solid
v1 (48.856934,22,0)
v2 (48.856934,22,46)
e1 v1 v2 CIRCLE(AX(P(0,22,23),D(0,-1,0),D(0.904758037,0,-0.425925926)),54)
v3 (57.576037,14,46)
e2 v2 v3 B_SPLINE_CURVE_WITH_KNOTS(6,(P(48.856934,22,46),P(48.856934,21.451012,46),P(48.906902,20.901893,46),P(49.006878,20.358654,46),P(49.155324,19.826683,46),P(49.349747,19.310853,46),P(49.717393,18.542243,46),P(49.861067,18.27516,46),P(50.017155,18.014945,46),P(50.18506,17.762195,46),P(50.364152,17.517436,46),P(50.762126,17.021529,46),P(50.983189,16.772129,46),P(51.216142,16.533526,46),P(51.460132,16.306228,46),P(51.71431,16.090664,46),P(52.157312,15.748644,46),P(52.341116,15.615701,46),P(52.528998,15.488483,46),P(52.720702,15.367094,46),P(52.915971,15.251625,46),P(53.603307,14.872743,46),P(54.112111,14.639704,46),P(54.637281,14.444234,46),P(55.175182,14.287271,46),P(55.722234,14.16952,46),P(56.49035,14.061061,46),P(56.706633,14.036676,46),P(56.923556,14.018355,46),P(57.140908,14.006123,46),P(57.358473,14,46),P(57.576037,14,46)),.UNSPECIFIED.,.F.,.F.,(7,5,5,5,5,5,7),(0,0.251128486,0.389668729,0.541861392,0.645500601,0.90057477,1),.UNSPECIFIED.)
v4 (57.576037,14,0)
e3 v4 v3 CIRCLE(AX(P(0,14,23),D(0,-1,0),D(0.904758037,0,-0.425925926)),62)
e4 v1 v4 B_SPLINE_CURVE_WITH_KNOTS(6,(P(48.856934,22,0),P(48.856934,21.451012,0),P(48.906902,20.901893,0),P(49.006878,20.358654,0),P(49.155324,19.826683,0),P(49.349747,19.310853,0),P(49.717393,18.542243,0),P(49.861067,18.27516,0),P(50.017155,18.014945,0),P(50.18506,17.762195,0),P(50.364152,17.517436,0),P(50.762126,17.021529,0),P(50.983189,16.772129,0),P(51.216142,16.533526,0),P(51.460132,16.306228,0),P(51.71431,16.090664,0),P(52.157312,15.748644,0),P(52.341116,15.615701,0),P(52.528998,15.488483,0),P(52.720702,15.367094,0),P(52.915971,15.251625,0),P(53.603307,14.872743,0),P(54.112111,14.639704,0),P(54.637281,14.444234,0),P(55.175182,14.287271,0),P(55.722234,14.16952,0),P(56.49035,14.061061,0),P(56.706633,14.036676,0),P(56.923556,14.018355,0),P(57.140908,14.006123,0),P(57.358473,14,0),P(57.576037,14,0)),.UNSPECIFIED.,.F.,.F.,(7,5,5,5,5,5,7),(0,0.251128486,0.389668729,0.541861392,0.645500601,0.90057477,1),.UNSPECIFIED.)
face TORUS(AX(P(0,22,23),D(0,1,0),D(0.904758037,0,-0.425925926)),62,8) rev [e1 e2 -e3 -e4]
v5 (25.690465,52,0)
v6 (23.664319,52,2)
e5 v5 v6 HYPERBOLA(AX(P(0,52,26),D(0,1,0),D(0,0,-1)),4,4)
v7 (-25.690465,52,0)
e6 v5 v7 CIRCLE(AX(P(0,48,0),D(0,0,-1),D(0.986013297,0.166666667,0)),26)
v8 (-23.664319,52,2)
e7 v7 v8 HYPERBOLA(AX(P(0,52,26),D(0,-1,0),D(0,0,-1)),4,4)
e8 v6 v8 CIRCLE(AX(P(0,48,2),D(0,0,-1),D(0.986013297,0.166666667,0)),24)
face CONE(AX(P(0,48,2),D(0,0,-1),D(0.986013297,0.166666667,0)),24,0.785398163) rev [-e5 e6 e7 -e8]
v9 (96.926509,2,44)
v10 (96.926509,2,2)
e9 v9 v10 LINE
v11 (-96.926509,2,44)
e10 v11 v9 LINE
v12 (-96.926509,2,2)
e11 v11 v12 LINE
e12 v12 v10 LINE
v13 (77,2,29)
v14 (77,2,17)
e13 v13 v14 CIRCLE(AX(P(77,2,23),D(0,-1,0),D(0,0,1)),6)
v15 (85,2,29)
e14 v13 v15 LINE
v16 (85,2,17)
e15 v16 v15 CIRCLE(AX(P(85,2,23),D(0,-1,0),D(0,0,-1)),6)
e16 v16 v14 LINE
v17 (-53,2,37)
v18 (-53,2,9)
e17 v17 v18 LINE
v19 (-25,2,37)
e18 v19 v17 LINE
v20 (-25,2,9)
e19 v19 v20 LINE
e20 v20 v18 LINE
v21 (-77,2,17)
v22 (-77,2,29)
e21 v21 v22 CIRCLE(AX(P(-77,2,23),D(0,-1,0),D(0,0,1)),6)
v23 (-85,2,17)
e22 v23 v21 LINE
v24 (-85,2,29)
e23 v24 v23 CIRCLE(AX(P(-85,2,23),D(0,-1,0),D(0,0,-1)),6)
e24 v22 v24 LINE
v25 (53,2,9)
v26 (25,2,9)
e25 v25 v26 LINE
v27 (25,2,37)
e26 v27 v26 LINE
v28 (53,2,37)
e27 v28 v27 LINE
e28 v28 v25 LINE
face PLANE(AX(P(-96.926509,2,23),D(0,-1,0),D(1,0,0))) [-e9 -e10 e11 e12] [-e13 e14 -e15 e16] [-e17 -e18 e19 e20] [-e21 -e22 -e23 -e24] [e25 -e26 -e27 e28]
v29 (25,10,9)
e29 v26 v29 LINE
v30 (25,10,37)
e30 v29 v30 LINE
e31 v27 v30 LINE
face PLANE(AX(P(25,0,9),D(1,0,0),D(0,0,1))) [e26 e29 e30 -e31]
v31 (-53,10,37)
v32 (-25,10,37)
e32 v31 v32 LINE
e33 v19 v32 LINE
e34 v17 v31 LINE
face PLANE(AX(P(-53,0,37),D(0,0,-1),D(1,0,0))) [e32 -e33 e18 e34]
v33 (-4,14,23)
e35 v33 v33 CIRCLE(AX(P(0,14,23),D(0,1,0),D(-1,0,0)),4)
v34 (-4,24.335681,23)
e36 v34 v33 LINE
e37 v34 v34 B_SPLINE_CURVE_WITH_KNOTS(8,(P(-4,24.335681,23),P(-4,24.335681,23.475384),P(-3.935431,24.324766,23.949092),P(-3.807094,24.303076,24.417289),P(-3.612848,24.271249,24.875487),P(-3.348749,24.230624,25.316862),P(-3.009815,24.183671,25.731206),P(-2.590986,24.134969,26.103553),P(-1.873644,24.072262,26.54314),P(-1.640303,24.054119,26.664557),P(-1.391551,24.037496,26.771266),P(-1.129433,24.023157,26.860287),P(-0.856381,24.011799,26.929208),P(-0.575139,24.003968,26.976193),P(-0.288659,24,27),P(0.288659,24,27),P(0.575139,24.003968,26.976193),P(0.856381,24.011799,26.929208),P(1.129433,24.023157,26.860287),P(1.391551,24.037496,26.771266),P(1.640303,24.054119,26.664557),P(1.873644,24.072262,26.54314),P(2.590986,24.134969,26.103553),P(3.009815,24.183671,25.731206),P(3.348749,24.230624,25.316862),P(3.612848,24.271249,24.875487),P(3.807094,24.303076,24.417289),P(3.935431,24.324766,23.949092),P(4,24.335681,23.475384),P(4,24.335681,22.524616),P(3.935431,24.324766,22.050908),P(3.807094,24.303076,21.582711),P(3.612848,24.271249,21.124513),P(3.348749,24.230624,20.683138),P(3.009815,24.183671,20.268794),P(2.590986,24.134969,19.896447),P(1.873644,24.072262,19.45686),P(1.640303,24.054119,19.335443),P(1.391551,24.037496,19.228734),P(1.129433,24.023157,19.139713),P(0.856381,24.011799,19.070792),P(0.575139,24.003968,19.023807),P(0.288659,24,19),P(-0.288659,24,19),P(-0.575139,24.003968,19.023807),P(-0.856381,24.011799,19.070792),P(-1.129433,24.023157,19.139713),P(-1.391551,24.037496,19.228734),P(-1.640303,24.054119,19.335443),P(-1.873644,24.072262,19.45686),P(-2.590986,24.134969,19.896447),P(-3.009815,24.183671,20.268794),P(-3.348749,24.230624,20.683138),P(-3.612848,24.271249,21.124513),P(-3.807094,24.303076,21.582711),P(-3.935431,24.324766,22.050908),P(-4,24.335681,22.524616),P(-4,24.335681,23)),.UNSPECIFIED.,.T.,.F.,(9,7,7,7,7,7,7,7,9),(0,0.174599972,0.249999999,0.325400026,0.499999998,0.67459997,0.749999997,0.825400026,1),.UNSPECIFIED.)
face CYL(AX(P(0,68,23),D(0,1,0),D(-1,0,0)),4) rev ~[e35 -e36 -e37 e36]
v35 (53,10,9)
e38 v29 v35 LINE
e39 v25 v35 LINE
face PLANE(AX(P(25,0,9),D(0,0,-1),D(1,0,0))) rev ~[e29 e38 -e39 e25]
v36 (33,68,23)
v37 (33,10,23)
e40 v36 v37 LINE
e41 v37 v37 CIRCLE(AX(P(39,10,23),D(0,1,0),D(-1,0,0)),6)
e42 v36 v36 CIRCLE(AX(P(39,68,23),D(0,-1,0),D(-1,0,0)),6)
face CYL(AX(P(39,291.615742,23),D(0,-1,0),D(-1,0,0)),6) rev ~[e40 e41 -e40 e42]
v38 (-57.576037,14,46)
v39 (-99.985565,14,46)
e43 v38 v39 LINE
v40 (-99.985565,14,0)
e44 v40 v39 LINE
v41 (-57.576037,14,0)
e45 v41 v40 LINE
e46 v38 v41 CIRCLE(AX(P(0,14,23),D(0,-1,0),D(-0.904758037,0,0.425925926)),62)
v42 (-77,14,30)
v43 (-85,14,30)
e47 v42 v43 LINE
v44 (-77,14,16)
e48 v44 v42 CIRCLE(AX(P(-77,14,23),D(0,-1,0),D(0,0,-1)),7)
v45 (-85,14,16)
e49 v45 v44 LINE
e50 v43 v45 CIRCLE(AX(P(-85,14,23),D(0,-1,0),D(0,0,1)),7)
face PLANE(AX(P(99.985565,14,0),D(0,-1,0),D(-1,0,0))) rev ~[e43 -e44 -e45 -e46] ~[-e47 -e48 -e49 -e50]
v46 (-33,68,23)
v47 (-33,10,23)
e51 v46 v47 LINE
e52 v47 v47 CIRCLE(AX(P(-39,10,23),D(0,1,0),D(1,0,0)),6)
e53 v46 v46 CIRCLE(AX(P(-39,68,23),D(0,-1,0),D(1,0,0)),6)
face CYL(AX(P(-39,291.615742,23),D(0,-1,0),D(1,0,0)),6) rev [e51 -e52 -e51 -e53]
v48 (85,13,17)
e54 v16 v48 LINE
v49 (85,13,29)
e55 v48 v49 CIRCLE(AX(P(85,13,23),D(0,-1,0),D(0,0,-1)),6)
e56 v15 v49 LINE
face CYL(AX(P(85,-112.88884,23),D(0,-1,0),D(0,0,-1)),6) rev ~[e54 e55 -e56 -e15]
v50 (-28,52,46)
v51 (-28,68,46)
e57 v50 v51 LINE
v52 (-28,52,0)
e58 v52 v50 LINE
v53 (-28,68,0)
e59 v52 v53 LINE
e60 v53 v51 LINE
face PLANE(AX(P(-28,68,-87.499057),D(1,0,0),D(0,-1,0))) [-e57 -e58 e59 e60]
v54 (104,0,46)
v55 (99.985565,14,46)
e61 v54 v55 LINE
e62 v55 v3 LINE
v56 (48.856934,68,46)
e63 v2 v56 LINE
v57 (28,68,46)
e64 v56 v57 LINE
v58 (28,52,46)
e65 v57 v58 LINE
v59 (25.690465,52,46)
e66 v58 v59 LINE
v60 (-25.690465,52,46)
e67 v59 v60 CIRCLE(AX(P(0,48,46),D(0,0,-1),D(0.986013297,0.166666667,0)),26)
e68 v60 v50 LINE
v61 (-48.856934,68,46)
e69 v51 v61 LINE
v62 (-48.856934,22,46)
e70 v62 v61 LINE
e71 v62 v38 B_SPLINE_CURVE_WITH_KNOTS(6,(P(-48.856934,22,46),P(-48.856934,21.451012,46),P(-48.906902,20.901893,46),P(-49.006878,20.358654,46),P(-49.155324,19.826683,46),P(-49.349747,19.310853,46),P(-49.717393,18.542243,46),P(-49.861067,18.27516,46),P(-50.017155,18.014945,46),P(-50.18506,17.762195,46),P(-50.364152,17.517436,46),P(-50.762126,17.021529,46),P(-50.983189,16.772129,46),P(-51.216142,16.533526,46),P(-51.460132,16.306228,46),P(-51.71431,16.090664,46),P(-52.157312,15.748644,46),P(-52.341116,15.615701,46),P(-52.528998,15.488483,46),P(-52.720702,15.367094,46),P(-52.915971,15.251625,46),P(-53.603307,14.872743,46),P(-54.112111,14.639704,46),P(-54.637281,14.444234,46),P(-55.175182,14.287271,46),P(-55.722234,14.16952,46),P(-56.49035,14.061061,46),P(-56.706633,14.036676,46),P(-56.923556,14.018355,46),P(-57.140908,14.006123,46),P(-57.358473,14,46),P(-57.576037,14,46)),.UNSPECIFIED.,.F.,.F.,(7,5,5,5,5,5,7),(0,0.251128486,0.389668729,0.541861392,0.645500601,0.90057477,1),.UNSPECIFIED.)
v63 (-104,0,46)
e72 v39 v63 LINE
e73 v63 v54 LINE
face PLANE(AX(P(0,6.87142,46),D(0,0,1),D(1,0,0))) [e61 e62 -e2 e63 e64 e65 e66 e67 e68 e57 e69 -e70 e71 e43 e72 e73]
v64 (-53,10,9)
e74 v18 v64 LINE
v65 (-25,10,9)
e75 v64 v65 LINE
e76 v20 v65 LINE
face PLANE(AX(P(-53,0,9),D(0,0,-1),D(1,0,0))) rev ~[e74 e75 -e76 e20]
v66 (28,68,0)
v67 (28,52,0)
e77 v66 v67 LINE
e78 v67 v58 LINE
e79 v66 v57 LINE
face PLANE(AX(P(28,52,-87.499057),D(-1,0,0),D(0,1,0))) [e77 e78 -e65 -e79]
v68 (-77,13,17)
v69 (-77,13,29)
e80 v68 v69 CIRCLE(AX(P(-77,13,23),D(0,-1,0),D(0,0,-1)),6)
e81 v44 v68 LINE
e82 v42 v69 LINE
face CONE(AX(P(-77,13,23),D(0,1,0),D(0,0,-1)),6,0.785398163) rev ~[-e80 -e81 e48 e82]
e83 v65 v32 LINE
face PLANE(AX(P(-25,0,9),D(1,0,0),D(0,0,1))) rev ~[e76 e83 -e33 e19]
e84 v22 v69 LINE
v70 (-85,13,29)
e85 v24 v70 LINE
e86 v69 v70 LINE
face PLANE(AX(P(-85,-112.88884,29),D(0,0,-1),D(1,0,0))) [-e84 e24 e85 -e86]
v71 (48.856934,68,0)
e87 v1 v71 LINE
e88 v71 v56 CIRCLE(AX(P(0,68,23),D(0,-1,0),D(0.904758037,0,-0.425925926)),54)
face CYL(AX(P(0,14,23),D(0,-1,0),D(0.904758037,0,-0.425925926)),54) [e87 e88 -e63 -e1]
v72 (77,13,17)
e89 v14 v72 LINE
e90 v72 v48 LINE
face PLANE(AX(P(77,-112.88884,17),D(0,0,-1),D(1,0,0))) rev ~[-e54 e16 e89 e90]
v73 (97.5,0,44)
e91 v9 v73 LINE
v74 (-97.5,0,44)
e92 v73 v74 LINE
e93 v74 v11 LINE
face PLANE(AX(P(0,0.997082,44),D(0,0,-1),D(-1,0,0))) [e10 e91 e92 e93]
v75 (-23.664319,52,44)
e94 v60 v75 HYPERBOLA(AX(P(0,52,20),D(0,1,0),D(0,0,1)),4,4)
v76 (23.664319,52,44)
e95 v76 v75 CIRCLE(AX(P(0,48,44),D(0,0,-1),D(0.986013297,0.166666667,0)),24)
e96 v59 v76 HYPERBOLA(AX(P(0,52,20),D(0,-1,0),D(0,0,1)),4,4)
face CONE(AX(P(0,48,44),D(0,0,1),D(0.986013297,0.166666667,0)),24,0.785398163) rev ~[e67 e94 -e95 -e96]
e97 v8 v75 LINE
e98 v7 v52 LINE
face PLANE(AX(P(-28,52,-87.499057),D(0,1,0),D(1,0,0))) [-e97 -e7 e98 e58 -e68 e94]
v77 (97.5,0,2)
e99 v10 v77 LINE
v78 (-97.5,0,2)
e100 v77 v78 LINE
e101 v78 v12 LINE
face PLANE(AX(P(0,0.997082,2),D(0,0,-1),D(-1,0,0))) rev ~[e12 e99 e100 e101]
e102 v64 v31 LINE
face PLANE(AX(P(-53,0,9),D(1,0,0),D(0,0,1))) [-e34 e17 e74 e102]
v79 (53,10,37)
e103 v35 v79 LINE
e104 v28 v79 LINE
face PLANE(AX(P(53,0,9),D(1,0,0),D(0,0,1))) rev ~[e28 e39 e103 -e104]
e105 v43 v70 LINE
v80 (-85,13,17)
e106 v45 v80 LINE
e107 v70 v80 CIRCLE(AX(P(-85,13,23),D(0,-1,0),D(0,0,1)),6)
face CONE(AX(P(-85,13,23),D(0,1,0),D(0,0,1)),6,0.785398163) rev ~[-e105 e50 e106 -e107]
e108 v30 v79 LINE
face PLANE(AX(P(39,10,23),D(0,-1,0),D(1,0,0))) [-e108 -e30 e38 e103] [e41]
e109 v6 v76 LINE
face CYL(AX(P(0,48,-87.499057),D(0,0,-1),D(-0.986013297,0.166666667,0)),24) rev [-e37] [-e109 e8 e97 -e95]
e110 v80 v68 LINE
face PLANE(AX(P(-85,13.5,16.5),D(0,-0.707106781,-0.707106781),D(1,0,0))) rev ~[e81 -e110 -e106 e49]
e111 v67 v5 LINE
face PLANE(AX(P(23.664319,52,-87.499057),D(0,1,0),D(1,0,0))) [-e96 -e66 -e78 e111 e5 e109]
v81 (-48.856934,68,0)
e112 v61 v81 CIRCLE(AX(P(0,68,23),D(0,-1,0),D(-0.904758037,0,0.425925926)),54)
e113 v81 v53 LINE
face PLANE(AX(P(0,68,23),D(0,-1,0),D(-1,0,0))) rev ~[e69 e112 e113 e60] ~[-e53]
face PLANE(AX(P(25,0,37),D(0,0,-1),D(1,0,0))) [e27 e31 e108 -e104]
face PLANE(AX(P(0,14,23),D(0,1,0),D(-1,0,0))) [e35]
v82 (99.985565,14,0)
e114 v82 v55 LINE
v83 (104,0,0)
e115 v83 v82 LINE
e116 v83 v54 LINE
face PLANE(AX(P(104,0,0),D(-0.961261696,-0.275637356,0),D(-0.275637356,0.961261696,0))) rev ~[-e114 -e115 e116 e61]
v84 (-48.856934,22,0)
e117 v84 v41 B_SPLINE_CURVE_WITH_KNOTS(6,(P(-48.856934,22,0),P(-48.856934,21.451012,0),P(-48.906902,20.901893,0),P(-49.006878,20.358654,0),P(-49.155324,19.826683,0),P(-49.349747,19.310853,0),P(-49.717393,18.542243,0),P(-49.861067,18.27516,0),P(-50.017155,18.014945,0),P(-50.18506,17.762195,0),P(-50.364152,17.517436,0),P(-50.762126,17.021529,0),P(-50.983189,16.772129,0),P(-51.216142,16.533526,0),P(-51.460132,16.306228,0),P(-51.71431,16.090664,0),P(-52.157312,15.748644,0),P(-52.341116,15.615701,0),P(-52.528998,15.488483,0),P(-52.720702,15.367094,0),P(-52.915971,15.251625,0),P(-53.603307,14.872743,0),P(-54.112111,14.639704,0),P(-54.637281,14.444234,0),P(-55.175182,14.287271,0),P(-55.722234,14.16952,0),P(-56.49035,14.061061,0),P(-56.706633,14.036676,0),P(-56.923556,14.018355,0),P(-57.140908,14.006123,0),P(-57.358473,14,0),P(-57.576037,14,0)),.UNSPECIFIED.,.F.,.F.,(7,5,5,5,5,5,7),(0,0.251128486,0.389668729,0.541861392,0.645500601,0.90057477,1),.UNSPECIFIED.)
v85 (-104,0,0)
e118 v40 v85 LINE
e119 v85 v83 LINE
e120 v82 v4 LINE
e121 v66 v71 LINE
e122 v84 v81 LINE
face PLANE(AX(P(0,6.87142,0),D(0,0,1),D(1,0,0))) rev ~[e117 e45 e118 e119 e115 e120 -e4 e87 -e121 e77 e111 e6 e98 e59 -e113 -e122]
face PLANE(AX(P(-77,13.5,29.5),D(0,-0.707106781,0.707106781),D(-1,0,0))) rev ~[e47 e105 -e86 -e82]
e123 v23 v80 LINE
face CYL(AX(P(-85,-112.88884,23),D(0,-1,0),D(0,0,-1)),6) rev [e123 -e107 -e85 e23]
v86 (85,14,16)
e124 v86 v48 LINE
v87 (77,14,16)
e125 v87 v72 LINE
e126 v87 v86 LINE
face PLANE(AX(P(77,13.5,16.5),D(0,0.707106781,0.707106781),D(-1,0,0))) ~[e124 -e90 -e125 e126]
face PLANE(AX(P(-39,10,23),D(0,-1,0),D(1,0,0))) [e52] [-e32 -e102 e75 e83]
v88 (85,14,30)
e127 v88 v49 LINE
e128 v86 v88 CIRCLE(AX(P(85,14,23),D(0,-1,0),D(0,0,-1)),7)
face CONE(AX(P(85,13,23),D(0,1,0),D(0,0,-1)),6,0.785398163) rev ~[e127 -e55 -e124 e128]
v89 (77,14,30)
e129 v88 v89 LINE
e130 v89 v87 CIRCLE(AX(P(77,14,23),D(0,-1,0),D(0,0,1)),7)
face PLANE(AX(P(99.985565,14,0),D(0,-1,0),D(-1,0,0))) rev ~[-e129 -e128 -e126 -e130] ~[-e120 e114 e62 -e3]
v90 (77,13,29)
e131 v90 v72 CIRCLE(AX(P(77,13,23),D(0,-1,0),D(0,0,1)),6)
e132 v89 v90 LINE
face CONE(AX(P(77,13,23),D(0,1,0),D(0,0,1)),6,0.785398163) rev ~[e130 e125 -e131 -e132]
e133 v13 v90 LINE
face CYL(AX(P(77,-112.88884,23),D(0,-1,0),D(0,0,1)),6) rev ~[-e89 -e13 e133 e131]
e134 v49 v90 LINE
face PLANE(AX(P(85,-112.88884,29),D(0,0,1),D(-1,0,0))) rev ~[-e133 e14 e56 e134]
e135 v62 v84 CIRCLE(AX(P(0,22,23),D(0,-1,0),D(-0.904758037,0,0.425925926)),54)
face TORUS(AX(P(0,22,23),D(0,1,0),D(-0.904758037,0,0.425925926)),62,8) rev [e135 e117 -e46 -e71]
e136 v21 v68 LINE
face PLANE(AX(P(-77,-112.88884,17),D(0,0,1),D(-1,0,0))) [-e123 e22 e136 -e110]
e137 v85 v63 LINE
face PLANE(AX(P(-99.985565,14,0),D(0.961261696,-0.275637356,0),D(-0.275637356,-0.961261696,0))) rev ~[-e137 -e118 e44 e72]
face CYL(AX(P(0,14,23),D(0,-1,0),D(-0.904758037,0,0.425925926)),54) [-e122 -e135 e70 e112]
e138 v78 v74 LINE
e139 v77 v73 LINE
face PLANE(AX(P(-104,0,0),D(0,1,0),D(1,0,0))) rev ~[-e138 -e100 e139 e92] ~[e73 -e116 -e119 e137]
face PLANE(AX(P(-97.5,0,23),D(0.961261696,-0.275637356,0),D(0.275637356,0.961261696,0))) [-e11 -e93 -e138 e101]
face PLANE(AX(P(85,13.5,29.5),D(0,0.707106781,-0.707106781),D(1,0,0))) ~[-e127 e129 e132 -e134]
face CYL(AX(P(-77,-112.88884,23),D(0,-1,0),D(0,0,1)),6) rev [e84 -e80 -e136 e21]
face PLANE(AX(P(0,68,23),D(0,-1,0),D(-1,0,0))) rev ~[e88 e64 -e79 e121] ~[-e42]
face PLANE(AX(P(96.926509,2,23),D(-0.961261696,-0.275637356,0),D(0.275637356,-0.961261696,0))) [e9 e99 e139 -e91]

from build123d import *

# Parameters (mm, degrees)
BOSS_EXTRUDE1_DEPTH     = 46
BOSS_EXTRUDE2_DEPTH     = 54
CUT_EXTRUDE1_DEPTH      = 133.4990566
CUT_EXTRUDE1_DEPTH_BACK = 133.4990566
CUT_EXTRUDE2_DEPTH      = 126.888839855
CUT_EXTRUDE2_DEPTH_BACK = 126.888839855
F_12_0MM_DOWEL_HOLE1_D  = 12
SKETCH14_W              = 28
SKETCH14_H              = 28
SKETCH14_R              = 6
CUT_EXTRUDE5_DEPTH      = 10
SKETCH15_R              = 4
CUT_EXTRUDE6_DEPTH      = 54
CUT_EXTRUDE7_DEPTH      = 21
CHAMFER2_SIZE           = 2
FILLET1_R               = 8
CHAMFER3_SIZE           = 1


with BuildPart() as part:
    # Sketch1 → Boss-Extrude1 (new body)
    with BuildSketch(Plane.XY):
        Polygon((-104, 0), (104, 0), (99.985564599, 14), (-99.985564599, 14), align=None)
    extrude(amount=BOSS_EXTRUDE1_DEPTH)

    # Sketch2 → Boss-Extrude2 (add)
    with BuildSketch(Plane(origin=(0, 14, 0), x_dir=(1, 0, 0), z_dir=(0, 1, 0))):
        with BuildLine():
            Line((-48.856934001, 0), (48.856934001, 0))
            ThreePointArc((48.856934001, 0), (54, -23), (48.856934001, -46))
            Line((48.856934001, -46), (-48.856934001, -46))
            ThreePointArc((-48.856934001, -46), (-54, -23), (-48.856934001, 0))
        make_face()
    extrude(amount=BOSS_EXTRUDE2_DEPTH)

    # Sketch3 → Cut-Extrude1 (cut, two sides: drawn at the far end of the back side and taken through both)
    with BuildSketch(Plane.XY.offset(46).offset(-CUT_EXTRUDE1_DEPTH_BACK)):
        with BuildLine():
            Line((28, 52), (28, 68))
            Line((28, 68), (-28, 68))
            Line((-28, 68), (-28, 52))
            Line((-28, 52), (-23.664319132, 52))
            ThreePointArc((-23.664319132, 52), (0, 24), (23.664319132, 52))
            Line((23.664319132, 52), (28, 52))
        make_face()
    extrude(amount=CUT_EXTRUDE1_DEPTH + CUT_EXTRUDE1_DEPTH_BACK, mode=Mode.SUBTRACT)

    # Sketch4 → Cut-Extrude2 (cut, two sides: drawn at the far end of the back side and taken through both)
    with BuildSketch(Plane(origin=(0, 14, 0), x_dir=(1, 0, 0), z_dir=(0, 1, 0)).offset(-CUT_EXTRUDE2_DEPTH_BACK)):
        with BuildLine():
            Line((77, -17), (85, -17))
            ThreePointArc((85, -17), (91, -23), (85, -29))
            Line((85, -29), (77, -29))
            ThreePointArc((77, -29), (71, -23), (77, -17))
        make_face()
        with BuildLine():
            Line((-77, -17), (-85, -17))
            ThreePointArc((-85, -17), (-91, -23), (-85, -29))
            Line((-85, -29), (-77, -29))
            ThreePointArc((-77, -29), (-71, -23), (-77, -17))
        make_face()
    extrude(amount=CUT_EXTRUDE2_DEPTH + CUT_EXTRUDE2_DEPTH_BACK, mode=Mode.SUBTRACT)

    # Ø12.0mm Dowel Hole1 (through all)
    with Locations(Plane(origin=(0, 68, 0), x_dir=(1, 0, 0), z_dir=(0, 1, 0))):
        with Locations((39, -23)):
            f_12_0mm_dowel_hole1 = Hole(F_12_0MM_DOWEL_HOLE1_D / 2)

    # Mirror1: Ø12.0mm Dowel Hole1 across plane
    add(f_12_0mm_dowel_hole1.mirror(Plane(origin=(0, 0, 0), x_dir=(0, 0, 1), z_dir=(1, 0, 0))), mode=Mode.SUBTRACT)

    # Sketch14 → Cut-Extrude5 (cut)
    # profile 1 of 2: a face of its own
    with BuildSketch(Plane.XZ):
        with Locations((-39, 23)):
            Rectangle(SKETCH14_W, SKETCH14_H)
        with Locations(Location((-39, 23, 0), (0, 0, 90))):
            Circle(SKETCH14_R, mode=Mode.SUBTRACT)
    # profile 2 of 2: a face of its own
    with BuildSketch(Plane.XZ):
        with Locations((39, 23)):
            Rectangle(SKETCH14_W, SKETCH14_H)
        with Locations(Location((39, 23, 0), (0, 0, 90))):
            Circle(SKETCH14_R, mode=Mode.SUBTRACT)
    extrude(amount=-CUT_EXTRUDE5_DEPTH, mode=Mode.SUBTRACT)

    # Sketch15 → Cut-Extrude6 (cut)
    with BuildSketch(Plane(origin=(0, 68, 0), x_dir=(1, 0, 0), z_dir=(0, 1, 0))):
        with Locations(Location((0, -23, 0), (0, 0, 180))):
            Circle(SKETCH15_R)
    extrude(amount=-CUT_EXTRUDE6_DEPTH, mode=Mode.SUBTRACT)

    # Sketch18 → Cut-Extrude7 (cut, symmetric)
    with BuildSketch(Plane.XY.offset(23)):
        Polygon((-97.5, 0), (-96.926509228, 2), (96.926509228, 2), (97.5, 0), align=None)
    extrude(amount=CUT_EXTRUDE7_DEPTH, both=True, mode=Mode.SUBTRACT)

    # Chamfer2
    chamfer2_edges = [part.edges().sort_by_distance(p)[0] for p in [
        (0, 24, 0),
        (0, 24, 46),
    ]]
    chamfer(chamfer2_edges, length=CHAMFER2_SIZE)

    # Fillet1
    fillet1_edges = [part.edges().sort_by_distance(p)[0] for p in [
        (54, 14, 23),
        (-54, 14, 23),
    ]]
    fillet(fillet1_edges, radius=FILLET1_R)

    # Chamfer3
    chamfer3_edges = [part.edges().sort_by_distance(p)[0] for p in [
        (-71, 14, 23),
        (-81, 14, 29),
        (-91, 14, 23),
        (-81, 14, 17),
        (81, 14, 17),
        (81, 14, 29),
        (91, 14, 23),
        (71, 14, 23),
    ]]
    chamfer(chamfer3_edges, length=CHAMFER3_SIZE)


solid = part.part
